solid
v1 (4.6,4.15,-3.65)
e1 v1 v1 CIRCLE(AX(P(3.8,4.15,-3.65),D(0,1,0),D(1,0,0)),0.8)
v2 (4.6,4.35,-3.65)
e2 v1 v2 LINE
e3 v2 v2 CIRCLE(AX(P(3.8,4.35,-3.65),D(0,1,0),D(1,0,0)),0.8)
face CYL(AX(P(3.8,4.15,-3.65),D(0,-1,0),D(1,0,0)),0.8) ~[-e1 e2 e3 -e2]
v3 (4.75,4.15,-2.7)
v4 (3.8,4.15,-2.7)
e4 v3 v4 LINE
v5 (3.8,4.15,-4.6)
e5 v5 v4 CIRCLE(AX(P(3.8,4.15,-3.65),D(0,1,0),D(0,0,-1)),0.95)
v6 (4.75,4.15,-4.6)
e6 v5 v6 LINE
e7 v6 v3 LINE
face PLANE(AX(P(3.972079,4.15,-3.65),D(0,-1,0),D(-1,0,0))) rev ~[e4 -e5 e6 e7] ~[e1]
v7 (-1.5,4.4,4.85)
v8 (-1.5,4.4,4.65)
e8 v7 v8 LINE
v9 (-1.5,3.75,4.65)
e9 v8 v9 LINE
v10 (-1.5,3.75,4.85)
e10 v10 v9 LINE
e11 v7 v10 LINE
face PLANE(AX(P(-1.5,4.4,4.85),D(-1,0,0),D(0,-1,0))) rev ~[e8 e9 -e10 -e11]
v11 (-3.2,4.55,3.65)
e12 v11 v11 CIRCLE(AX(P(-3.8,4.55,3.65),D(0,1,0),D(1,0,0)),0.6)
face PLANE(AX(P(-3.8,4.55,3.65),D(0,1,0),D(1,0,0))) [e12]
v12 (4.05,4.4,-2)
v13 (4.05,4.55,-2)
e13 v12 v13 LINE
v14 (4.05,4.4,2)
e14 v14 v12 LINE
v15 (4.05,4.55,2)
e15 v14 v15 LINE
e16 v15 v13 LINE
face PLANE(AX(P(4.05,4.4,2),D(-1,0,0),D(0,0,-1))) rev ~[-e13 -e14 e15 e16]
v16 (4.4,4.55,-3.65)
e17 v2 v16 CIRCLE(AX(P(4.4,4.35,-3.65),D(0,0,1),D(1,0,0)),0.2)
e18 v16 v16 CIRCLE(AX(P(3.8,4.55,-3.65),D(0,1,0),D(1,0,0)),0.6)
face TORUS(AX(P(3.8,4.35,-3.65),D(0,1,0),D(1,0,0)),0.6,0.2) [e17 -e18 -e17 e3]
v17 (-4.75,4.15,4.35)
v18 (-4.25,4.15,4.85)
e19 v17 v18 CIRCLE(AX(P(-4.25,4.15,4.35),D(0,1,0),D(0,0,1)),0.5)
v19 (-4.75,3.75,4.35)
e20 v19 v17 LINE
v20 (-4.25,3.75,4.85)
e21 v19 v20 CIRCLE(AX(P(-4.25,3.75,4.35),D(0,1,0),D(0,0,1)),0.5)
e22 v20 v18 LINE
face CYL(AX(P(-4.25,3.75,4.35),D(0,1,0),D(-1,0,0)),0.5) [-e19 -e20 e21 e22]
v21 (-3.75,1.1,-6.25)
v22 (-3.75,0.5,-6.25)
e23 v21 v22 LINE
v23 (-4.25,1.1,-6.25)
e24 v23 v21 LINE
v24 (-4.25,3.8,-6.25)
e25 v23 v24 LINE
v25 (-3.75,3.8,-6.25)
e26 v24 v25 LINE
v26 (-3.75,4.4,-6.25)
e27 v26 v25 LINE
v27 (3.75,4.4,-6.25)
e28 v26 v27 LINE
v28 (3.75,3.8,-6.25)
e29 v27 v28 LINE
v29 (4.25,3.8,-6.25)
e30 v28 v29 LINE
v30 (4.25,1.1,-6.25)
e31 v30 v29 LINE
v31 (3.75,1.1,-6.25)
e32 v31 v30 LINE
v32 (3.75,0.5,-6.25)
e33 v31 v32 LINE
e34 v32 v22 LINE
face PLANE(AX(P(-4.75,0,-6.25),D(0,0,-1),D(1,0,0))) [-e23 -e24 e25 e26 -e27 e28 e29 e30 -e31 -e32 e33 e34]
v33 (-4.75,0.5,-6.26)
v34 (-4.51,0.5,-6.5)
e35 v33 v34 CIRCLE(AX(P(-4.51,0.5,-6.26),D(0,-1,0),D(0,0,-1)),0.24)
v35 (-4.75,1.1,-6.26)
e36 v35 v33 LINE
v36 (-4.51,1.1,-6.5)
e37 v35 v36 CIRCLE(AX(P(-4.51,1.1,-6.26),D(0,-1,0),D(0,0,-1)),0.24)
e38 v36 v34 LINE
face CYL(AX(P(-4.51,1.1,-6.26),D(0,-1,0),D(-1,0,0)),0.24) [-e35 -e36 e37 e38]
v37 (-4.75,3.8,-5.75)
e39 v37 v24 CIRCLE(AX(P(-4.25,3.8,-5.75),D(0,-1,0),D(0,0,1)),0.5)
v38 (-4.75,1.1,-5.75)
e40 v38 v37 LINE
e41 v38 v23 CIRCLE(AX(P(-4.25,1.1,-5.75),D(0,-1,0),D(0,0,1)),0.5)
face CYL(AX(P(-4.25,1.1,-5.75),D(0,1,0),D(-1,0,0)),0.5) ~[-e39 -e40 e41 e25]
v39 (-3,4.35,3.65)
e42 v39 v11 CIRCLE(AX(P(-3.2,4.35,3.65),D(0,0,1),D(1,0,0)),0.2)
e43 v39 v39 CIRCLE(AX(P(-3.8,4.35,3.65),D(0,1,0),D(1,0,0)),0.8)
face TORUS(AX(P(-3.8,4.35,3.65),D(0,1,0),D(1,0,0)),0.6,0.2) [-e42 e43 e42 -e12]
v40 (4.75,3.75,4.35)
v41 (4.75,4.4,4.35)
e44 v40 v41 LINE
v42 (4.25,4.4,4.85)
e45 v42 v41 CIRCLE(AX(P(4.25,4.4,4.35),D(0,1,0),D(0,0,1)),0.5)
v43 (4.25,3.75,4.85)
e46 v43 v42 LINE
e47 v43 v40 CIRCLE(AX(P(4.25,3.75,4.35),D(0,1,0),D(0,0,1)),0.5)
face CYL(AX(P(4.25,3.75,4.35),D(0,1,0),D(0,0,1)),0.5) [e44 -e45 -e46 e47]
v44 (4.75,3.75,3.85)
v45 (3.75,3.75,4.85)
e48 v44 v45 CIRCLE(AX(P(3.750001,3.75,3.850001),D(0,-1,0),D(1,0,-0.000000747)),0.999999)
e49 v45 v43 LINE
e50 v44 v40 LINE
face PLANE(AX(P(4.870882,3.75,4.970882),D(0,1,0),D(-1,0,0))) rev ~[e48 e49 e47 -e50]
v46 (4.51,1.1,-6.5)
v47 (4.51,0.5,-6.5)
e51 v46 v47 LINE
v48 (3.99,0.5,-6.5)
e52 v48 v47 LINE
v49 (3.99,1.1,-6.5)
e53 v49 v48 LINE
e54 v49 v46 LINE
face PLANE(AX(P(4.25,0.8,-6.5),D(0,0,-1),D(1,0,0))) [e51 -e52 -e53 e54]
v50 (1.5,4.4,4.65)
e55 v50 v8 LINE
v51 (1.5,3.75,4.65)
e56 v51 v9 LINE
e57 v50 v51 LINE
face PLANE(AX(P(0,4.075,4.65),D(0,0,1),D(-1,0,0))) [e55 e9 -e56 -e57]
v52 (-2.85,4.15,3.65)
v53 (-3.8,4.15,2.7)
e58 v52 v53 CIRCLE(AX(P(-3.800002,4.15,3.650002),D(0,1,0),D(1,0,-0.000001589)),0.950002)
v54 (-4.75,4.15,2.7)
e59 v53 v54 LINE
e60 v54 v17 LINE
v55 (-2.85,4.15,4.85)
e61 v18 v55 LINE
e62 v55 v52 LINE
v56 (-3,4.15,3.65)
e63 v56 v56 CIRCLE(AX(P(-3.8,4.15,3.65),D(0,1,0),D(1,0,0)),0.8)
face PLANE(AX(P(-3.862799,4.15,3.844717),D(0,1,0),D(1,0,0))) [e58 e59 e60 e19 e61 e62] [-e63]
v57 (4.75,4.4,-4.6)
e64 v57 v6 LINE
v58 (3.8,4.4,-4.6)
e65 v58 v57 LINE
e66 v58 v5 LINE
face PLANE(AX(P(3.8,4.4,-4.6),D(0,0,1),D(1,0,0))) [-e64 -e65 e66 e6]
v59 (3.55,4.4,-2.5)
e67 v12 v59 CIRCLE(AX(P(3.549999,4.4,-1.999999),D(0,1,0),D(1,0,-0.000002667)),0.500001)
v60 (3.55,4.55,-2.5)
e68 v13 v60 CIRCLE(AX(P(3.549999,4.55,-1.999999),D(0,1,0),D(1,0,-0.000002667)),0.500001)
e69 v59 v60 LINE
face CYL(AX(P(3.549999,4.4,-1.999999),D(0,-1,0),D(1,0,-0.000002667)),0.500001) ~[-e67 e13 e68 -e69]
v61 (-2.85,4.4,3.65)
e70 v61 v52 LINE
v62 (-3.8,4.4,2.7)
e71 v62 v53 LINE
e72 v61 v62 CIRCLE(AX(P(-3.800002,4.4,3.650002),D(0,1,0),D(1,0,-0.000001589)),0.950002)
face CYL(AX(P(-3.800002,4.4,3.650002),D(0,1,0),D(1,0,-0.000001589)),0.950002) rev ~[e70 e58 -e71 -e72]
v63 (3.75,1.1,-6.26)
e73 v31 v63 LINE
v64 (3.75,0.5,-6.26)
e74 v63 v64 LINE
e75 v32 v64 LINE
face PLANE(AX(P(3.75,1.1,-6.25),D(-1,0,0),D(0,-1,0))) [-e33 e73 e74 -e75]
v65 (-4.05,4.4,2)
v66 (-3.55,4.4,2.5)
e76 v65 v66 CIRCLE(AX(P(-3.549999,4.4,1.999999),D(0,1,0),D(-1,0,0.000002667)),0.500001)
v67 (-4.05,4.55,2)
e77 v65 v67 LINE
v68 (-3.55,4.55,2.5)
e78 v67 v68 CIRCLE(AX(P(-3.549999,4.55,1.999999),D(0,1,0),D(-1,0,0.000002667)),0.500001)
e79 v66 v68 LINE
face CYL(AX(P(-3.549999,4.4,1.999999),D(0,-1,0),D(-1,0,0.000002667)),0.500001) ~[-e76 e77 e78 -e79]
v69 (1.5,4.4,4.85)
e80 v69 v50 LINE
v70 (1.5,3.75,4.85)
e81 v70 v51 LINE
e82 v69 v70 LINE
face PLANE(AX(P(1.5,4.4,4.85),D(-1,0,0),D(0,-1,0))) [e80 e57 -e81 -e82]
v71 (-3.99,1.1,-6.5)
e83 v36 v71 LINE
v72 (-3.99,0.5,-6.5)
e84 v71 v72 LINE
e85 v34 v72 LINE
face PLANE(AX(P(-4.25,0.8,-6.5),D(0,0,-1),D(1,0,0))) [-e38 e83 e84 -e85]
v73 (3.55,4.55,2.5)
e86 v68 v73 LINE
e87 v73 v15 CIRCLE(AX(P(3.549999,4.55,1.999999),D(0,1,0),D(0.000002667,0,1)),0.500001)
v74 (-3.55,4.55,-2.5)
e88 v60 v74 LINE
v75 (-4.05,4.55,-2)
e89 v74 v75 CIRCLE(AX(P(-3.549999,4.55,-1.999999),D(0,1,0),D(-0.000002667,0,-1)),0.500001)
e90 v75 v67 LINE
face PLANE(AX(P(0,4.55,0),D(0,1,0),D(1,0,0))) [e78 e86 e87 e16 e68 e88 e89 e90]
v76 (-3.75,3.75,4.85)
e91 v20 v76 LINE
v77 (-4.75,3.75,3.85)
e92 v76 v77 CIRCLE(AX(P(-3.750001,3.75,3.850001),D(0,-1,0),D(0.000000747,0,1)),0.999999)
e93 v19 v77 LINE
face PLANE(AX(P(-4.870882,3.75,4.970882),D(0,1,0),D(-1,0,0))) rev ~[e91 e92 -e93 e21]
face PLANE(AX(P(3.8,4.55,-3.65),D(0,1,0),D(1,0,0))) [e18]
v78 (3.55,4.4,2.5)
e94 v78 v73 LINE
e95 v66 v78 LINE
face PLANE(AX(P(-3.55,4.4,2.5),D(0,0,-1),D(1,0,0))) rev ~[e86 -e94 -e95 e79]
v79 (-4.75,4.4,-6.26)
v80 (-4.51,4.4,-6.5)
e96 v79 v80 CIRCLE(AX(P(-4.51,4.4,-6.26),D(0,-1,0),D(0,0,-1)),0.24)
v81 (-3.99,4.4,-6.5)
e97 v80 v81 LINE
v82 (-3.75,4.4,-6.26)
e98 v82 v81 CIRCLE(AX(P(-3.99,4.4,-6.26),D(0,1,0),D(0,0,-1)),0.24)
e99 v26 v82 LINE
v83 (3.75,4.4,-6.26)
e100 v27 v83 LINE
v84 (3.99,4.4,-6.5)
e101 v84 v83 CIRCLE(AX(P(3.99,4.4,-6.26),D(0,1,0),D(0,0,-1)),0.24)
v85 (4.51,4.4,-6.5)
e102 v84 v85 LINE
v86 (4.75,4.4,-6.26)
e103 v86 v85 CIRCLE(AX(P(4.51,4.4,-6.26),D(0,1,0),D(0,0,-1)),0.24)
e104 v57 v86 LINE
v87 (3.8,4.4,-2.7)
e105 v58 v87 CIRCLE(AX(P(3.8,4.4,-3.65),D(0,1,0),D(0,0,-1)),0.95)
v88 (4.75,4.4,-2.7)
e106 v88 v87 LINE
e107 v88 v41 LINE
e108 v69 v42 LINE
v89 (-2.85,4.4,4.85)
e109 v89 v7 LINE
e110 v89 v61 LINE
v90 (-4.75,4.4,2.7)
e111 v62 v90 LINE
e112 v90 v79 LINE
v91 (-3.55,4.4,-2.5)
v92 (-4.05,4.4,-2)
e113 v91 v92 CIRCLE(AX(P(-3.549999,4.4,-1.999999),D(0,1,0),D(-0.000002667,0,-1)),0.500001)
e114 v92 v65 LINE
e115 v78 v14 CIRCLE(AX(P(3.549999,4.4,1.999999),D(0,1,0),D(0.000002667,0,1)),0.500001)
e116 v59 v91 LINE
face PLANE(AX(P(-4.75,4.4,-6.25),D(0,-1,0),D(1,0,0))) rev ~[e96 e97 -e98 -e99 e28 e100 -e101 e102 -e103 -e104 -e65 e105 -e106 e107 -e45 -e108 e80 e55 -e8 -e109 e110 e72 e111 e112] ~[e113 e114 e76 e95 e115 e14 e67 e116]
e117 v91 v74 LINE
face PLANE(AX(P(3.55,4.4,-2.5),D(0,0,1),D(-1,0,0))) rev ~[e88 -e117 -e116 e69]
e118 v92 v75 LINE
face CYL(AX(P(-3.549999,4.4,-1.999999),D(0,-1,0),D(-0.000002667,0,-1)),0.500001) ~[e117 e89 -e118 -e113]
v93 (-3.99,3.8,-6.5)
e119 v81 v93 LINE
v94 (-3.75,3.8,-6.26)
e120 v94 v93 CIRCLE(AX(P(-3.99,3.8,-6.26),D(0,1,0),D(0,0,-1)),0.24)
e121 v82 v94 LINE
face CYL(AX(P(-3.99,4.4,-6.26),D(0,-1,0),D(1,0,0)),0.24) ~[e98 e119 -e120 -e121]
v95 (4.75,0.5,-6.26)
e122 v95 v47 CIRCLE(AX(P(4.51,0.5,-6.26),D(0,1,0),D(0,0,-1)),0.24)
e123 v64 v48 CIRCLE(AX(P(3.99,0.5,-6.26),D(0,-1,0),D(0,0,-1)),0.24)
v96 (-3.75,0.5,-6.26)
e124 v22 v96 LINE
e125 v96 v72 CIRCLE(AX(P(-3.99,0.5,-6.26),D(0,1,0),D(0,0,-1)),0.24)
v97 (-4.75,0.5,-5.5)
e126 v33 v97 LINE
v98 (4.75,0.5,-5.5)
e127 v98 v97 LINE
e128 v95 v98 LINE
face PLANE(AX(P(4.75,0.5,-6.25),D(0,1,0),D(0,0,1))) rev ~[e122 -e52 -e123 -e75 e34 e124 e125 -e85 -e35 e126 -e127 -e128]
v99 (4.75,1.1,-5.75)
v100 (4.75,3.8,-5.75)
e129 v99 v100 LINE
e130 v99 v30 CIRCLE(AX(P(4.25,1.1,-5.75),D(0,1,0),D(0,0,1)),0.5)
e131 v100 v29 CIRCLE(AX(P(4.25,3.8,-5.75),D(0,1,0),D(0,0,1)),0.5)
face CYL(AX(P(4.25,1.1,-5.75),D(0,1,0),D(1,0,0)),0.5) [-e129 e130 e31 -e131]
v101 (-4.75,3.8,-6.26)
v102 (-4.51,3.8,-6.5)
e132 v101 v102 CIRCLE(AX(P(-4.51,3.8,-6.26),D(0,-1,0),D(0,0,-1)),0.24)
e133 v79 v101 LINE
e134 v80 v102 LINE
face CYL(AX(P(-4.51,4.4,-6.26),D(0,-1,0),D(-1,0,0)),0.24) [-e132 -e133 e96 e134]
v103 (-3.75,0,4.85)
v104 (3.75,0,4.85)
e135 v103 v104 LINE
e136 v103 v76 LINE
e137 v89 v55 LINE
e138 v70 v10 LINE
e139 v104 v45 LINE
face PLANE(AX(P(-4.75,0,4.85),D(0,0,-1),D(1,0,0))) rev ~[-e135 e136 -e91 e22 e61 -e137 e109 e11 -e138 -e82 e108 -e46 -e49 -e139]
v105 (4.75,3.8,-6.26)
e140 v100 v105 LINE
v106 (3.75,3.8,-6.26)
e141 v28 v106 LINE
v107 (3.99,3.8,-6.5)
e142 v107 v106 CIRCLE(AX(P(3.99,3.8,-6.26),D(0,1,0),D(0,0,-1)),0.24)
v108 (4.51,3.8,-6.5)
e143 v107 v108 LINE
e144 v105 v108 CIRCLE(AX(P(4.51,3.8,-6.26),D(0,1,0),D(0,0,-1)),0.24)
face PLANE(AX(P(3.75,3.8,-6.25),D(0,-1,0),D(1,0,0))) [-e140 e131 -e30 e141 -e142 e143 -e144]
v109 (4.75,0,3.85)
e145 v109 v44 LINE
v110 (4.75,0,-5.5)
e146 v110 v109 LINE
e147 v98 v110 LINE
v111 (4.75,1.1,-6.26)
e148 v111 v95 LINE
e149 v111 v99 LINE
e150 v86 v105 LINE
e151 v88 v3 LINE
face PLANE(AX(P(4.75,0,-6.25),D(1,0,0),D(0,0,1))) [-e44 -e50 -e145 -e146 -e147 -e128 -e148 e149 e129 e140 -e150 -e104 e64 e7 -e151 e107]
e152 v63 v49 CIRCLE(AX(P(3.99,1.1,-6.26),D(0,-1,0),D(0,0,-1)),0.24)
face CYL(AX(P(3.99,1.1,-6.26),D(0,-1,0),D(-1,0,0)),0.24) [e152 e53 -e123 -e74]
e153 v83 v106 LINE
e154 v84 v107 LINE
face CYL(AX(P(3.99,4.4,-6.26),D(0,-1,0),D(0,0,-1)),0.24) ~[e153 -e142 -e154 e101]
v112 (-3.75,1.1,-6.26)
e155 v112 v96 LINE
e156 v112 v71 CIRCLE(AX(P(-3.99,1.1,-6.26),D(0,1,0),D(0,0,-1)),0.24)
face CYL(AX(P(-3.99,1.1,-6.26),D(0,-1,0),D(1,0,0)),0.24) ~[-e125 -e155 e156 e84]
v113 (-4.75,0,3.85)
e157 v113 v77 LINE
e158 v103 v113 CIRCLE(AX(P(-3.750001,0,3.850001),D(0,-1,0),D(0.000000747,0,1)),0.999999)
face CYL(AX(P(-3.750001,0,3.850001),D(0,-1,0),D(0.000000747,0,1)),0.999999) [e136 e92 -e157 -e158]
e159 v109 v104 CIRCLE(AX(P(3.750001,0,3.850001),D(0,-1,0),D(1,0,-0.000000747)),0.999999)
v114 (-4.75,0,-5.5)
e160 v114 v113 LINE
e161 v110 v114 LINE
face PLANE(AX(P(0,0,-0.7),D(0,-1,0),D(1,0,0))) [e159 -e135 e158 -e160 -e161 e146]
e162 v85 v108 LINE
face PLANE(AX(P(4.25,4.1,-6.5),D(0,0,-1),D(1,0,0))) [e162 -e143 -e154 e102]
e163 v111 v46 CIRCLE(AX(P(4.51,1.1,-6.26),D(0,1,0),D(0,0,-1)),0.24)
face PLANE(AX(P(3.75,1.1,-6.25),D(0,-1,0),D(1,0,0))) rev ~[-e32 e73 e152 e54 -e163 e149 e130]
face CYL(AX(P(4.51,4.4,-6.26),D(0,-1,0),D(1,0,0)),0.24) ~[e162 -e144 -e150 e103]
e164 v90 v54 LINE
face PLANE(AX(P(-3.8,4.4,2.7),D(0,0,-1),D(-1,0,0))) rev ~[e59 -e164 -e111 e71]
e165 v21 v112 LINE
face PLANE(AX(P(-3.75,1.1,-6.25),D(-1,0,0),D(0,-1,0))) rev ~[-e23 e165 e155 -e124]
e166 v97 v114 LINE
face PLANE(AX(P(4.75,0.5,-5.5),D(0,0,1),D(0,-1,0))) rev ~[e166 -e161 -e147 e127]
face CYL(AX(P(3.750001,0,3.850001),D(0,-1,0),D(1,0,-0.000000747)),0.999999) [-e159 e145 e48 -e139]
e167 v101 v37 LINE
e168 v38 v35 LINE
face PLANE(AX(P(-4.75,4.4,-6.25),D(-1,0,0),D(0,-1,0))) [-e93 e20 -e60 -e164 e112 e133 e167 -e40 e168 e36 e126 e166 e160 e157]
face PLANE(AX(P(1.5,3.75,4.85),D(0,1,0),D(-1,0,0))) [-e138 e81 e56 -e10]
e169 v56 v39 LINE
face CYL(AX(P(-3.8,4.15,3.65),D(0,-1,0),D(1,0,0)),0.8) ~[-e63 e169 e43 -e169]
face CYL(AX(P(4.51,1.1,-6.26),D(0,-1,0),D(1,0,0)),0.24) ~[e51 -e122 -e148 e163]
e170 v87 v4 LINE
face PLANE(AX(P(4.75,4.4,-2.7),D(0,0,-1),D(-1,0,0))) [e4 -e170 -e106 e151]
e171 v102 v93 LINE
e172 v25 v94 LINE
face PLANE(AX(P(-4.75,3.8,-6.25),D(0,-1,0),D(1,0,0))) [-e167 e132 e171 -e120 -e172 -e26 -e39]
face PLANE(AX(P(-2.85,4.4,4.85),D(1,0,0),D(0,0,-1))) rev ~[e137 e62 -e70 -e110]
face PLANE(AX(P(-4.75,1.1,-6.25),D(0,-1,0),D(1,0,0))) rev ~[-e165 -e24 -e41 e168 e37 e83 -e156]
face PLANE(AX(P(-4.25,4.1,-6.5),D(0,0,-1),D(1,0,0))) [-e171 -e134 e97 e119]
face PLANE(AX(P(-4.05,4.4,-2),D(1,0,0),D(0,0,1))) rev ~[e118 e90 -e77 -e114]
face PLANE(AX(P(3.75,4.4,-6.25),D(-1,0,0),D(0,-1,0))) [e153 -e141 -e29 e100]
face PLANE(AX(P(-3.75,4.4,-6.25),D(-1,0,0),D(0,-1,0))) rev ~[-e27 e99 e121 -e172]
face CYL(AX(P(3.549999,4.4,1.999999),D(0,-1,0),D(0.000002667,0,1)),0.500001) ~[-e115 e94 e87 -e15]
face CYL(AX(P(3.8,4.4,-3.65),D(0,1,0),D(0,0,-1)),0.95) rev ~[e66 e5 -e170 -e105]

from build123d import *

# Parameters (mm, degrees)
SKETCH006_W     = 9.5
SKETCH006_H     = 11.1
PAD004_DEPTH    = 4.4
PAD005_DEPTH    = 0.15
POCKET002_DEPTH = 0.25
SKETCH009_R     = 0.8
PAD006_DEPTH    = 0.4
FILLET003_R     = 0.2
SKETCH010_W     = 1
SKETCH010_H     = 0.6
PAD007_DEPTH    = 0.25
FILLET004_R     = 0.24
SKETCH011_W     = 0.75
SKETCH011_H     = 0.5
POCKET003_DEPTH = 9.5
FILLET005_R     = 0.5
POCKET004_DEPTH = 3.75
FILLET006_R     = 0.5
SKETCH013_W     = 3
SKETCH013_H     = 0.65
POCKET005_DEPTH = 0.2


with BuildPart() as part:
    # Sketch006 → Pad004 (new body)
    with BuildSketch(Plane.XZ):
        with Locations((0, -0.7)):
            Rectangle(SKETCH006_W, SKETCH006_H)
    extrude(amount=-PAD004_DEPTH)

    # Sketch007 (on Face6 of Pad004) → Pad005 (join)
    with BuildSketch(Plane(origin=(0, 4.4, 0), x_dir=(1, 0, 0), z_dir=(0, 1, 0))):
        with BuildLine():
            Line((-4.05, 2), (-4.05, -2))
            ThreePointArc((-4.05, -2), (-3.903553, -2.353553), (-3.55, -2.5))
            Line((-3.55, -2.5), (3.55, -2.5))
            ThreePointArc((3.55, -2.5), (3.903553, -2.353553), (4.05, -2))
            Line((4.05, -2), (4.05, 2))
            ThreePointArc((4.05, 2), (3.903553, 2.353553), (3.55, 2.5))
            Line((3.55, 2.5), (-3.55, 2.5))
            ThreePointArc((-3.55, 2.5), (-3.903553, 2.353553), (-4.05, 2))
        make_face()
    extrude(amount=PAD005_DEPTH)

    # Sketch008 (on Face5 of Pad005) → Pocket002 (cut)
    with BuildSketch(Plane(origin=(0, 4.4, 0), x_dir=(1, 0, 0), z_dir=(0, 1, 0))):
        with BuildLine():
            Line((-3.8, -2.7), (-4.75, -2.7))
            Line((-4.75, -2.7), (-4.75, -4.85))
            Line((-4.75, -4.85), (-2.85, -4.85))
            Line((-2.85, -4.85), (-2.85, -3.65))
            ThreePointArc((-2.85, -3.65), (-3.128249, -2.978249), (-3.8, -2.7))
        make_face()
        with BuildLine():
            Line((3.8, 4.6), (4.75, 4.6))
            Line((4.75, 4.6), (4.75, 2.7))
            Line((4.75, 2.7), (3.8, 2.7))
            ThreePointArc((3.8, 4.6), (2.85, 3.65), (3.8, 2.7))
        make_face()
    extrude(amount=-POCKET002_DEPTH, mode=Mode.SUBTRACT)

    # Sketch009 (on Face22 of Pocket002) → Pad006 (join)
    with BuildSketch(Plane(origin=(0, 4.15, 0), x_dir=(1, 0, 0), z_dir=(0, 1, 0))):
        with Locations((3.8, 3.65)):
            Circle(SKETCH009_R)
        with Locations((-3.8, -3.65)):
            Circle(SKETCH009_R)
    extrude(amount=PAD006_DEPTH)

    # Fillet003
    fillet003_edges = [part.edges().sort_by_distance(p)[0] for p in [
        (3, 4.55, -3.65),
        (-4.6, 4.55, 3.65),
    ]]
    fillet(fillet003_edges, radius=FILLET003_R)

    # Sketch010 (on Face12 of Fillet003) → Pad007 (join)
    with BuildSketch(Plane(origin=(0, 0, -6.25), x_dir=(1, 0, 0), z_dir=(0, 0, -1))):
        with Locations((-4.25, -0.8)):
            Rectangle(SKETCH010_W, SKETCH010_H)
        with Locations((-4.25, -4.1)):
            Rectangle(SKETCH010_W, SKETCH010_H)
        with Locations((4.25, -0.8)):
            Rectangle(SKETCH010_W, SKETCH010_H)
        with Locations((4.25, -4.1)):
            Rectangle(SKETCH010_W, SKETCH010_H)
    extrude(amount=PAD007_DEPTH)

    # Fillet004
    fillet004_edges = [part.edges().sort_by_distance(p)[0] for p in [
        (4.75, 4.1, -6.5),
        (4.75, 0.8, -6.5),
        (3.75, 0.8, -6.5),
        (3.75, 4.1, -6.5),
        (-3.75, 0.8, -6.5),
        (-4.75, 0.8, -6.5),
        (-3.75, 4.1, -6.5),
        (-4.75, 4.1, -6.5),
    ]]
    fillet(fillet004_edges, radius=FILLET004_R)

    # Sketch011 (on Face16 of Fillet004) → Pocket003 (cut)
    with BuildSketch(Plane(origin=(4.75, 0, 0), x_dir=(0, 0, 1), z_dir=(1, 0, 0))):
        with Locations((-5.875, -0.25)):
            Rectangle(SKETCH011_W, SKETCH011_H)
    extrude(amount=-POCKET003_DEPTH, mode=Mode.SUBTRACT)

    # Fillet005
    fillet005_edges = [part.edges().sort_by_distance(p)[0] for p in [
        (4.75, 2.45, -6.25),
        (-4.75, 2.45, -6.25),
    ]]
    fillet(fillet005_edges, radius=FILLET005_R)

    # Sketch012 (on Face22 of Fillet005) → Pocket004 (cut)
    with BuildSketch(Plane.XZ):
        with BuildLine():
            Line((3.75, 4.85), (3.75, 5.85))
            Line((3.75, 5.85), (5.75, 5.85))
            Line((5.75, 5.85), (5.75, 3.85))
            Line((5.75, 3.85), (4.75, 3.85))
            ThreePointArc((4.75, 3.85), (4.457107, 4.557107), (3.75, 4.85))
        make_face()
        with BuildLine():
            ThreePointArc((-3.75, 4.85), (-4.457107, 4.557107), (-4.75, 3.85))
            Line((-5.75, 3.85), (-4.75, 3.85))
            Line((-5.75, 5.85), (-5.75, 3.85))
            Line((-3.75, 5.85), (-5.75, 5.85))
            Line((-3.75, 4.85), (-3.75, 5.85))
        make_face()
    extrude(amount=-POCKET004_DEPTH, mode=Mode.SUBTRACT)

    # Fillet006
    fillet006_edges = [part.edges().sort_by_distance(p)[0] for p in [
        (4.75, 4.075, 4.85),
        (-4.75, 3.95, 4.85),
    ]]
    fillet(fillet006_edges, radius=FILLET006_R)

    # Sketch013 (on Face16 of Fillet006) → Pocket005 (cut)
    with BuildSketch(Plane(origin=(0, 0, 4.85), x_dir=(-1, 0, 0), z_dir=(0, 0, 1))):
        with Locations((0, -4.075)):
            Rectangle(SKETCH013_W, SKETCH013_H)
    extrude(amount=-POCKET005_DEPTH, mode=Mode.SUBTRACT)


solid = part.part
